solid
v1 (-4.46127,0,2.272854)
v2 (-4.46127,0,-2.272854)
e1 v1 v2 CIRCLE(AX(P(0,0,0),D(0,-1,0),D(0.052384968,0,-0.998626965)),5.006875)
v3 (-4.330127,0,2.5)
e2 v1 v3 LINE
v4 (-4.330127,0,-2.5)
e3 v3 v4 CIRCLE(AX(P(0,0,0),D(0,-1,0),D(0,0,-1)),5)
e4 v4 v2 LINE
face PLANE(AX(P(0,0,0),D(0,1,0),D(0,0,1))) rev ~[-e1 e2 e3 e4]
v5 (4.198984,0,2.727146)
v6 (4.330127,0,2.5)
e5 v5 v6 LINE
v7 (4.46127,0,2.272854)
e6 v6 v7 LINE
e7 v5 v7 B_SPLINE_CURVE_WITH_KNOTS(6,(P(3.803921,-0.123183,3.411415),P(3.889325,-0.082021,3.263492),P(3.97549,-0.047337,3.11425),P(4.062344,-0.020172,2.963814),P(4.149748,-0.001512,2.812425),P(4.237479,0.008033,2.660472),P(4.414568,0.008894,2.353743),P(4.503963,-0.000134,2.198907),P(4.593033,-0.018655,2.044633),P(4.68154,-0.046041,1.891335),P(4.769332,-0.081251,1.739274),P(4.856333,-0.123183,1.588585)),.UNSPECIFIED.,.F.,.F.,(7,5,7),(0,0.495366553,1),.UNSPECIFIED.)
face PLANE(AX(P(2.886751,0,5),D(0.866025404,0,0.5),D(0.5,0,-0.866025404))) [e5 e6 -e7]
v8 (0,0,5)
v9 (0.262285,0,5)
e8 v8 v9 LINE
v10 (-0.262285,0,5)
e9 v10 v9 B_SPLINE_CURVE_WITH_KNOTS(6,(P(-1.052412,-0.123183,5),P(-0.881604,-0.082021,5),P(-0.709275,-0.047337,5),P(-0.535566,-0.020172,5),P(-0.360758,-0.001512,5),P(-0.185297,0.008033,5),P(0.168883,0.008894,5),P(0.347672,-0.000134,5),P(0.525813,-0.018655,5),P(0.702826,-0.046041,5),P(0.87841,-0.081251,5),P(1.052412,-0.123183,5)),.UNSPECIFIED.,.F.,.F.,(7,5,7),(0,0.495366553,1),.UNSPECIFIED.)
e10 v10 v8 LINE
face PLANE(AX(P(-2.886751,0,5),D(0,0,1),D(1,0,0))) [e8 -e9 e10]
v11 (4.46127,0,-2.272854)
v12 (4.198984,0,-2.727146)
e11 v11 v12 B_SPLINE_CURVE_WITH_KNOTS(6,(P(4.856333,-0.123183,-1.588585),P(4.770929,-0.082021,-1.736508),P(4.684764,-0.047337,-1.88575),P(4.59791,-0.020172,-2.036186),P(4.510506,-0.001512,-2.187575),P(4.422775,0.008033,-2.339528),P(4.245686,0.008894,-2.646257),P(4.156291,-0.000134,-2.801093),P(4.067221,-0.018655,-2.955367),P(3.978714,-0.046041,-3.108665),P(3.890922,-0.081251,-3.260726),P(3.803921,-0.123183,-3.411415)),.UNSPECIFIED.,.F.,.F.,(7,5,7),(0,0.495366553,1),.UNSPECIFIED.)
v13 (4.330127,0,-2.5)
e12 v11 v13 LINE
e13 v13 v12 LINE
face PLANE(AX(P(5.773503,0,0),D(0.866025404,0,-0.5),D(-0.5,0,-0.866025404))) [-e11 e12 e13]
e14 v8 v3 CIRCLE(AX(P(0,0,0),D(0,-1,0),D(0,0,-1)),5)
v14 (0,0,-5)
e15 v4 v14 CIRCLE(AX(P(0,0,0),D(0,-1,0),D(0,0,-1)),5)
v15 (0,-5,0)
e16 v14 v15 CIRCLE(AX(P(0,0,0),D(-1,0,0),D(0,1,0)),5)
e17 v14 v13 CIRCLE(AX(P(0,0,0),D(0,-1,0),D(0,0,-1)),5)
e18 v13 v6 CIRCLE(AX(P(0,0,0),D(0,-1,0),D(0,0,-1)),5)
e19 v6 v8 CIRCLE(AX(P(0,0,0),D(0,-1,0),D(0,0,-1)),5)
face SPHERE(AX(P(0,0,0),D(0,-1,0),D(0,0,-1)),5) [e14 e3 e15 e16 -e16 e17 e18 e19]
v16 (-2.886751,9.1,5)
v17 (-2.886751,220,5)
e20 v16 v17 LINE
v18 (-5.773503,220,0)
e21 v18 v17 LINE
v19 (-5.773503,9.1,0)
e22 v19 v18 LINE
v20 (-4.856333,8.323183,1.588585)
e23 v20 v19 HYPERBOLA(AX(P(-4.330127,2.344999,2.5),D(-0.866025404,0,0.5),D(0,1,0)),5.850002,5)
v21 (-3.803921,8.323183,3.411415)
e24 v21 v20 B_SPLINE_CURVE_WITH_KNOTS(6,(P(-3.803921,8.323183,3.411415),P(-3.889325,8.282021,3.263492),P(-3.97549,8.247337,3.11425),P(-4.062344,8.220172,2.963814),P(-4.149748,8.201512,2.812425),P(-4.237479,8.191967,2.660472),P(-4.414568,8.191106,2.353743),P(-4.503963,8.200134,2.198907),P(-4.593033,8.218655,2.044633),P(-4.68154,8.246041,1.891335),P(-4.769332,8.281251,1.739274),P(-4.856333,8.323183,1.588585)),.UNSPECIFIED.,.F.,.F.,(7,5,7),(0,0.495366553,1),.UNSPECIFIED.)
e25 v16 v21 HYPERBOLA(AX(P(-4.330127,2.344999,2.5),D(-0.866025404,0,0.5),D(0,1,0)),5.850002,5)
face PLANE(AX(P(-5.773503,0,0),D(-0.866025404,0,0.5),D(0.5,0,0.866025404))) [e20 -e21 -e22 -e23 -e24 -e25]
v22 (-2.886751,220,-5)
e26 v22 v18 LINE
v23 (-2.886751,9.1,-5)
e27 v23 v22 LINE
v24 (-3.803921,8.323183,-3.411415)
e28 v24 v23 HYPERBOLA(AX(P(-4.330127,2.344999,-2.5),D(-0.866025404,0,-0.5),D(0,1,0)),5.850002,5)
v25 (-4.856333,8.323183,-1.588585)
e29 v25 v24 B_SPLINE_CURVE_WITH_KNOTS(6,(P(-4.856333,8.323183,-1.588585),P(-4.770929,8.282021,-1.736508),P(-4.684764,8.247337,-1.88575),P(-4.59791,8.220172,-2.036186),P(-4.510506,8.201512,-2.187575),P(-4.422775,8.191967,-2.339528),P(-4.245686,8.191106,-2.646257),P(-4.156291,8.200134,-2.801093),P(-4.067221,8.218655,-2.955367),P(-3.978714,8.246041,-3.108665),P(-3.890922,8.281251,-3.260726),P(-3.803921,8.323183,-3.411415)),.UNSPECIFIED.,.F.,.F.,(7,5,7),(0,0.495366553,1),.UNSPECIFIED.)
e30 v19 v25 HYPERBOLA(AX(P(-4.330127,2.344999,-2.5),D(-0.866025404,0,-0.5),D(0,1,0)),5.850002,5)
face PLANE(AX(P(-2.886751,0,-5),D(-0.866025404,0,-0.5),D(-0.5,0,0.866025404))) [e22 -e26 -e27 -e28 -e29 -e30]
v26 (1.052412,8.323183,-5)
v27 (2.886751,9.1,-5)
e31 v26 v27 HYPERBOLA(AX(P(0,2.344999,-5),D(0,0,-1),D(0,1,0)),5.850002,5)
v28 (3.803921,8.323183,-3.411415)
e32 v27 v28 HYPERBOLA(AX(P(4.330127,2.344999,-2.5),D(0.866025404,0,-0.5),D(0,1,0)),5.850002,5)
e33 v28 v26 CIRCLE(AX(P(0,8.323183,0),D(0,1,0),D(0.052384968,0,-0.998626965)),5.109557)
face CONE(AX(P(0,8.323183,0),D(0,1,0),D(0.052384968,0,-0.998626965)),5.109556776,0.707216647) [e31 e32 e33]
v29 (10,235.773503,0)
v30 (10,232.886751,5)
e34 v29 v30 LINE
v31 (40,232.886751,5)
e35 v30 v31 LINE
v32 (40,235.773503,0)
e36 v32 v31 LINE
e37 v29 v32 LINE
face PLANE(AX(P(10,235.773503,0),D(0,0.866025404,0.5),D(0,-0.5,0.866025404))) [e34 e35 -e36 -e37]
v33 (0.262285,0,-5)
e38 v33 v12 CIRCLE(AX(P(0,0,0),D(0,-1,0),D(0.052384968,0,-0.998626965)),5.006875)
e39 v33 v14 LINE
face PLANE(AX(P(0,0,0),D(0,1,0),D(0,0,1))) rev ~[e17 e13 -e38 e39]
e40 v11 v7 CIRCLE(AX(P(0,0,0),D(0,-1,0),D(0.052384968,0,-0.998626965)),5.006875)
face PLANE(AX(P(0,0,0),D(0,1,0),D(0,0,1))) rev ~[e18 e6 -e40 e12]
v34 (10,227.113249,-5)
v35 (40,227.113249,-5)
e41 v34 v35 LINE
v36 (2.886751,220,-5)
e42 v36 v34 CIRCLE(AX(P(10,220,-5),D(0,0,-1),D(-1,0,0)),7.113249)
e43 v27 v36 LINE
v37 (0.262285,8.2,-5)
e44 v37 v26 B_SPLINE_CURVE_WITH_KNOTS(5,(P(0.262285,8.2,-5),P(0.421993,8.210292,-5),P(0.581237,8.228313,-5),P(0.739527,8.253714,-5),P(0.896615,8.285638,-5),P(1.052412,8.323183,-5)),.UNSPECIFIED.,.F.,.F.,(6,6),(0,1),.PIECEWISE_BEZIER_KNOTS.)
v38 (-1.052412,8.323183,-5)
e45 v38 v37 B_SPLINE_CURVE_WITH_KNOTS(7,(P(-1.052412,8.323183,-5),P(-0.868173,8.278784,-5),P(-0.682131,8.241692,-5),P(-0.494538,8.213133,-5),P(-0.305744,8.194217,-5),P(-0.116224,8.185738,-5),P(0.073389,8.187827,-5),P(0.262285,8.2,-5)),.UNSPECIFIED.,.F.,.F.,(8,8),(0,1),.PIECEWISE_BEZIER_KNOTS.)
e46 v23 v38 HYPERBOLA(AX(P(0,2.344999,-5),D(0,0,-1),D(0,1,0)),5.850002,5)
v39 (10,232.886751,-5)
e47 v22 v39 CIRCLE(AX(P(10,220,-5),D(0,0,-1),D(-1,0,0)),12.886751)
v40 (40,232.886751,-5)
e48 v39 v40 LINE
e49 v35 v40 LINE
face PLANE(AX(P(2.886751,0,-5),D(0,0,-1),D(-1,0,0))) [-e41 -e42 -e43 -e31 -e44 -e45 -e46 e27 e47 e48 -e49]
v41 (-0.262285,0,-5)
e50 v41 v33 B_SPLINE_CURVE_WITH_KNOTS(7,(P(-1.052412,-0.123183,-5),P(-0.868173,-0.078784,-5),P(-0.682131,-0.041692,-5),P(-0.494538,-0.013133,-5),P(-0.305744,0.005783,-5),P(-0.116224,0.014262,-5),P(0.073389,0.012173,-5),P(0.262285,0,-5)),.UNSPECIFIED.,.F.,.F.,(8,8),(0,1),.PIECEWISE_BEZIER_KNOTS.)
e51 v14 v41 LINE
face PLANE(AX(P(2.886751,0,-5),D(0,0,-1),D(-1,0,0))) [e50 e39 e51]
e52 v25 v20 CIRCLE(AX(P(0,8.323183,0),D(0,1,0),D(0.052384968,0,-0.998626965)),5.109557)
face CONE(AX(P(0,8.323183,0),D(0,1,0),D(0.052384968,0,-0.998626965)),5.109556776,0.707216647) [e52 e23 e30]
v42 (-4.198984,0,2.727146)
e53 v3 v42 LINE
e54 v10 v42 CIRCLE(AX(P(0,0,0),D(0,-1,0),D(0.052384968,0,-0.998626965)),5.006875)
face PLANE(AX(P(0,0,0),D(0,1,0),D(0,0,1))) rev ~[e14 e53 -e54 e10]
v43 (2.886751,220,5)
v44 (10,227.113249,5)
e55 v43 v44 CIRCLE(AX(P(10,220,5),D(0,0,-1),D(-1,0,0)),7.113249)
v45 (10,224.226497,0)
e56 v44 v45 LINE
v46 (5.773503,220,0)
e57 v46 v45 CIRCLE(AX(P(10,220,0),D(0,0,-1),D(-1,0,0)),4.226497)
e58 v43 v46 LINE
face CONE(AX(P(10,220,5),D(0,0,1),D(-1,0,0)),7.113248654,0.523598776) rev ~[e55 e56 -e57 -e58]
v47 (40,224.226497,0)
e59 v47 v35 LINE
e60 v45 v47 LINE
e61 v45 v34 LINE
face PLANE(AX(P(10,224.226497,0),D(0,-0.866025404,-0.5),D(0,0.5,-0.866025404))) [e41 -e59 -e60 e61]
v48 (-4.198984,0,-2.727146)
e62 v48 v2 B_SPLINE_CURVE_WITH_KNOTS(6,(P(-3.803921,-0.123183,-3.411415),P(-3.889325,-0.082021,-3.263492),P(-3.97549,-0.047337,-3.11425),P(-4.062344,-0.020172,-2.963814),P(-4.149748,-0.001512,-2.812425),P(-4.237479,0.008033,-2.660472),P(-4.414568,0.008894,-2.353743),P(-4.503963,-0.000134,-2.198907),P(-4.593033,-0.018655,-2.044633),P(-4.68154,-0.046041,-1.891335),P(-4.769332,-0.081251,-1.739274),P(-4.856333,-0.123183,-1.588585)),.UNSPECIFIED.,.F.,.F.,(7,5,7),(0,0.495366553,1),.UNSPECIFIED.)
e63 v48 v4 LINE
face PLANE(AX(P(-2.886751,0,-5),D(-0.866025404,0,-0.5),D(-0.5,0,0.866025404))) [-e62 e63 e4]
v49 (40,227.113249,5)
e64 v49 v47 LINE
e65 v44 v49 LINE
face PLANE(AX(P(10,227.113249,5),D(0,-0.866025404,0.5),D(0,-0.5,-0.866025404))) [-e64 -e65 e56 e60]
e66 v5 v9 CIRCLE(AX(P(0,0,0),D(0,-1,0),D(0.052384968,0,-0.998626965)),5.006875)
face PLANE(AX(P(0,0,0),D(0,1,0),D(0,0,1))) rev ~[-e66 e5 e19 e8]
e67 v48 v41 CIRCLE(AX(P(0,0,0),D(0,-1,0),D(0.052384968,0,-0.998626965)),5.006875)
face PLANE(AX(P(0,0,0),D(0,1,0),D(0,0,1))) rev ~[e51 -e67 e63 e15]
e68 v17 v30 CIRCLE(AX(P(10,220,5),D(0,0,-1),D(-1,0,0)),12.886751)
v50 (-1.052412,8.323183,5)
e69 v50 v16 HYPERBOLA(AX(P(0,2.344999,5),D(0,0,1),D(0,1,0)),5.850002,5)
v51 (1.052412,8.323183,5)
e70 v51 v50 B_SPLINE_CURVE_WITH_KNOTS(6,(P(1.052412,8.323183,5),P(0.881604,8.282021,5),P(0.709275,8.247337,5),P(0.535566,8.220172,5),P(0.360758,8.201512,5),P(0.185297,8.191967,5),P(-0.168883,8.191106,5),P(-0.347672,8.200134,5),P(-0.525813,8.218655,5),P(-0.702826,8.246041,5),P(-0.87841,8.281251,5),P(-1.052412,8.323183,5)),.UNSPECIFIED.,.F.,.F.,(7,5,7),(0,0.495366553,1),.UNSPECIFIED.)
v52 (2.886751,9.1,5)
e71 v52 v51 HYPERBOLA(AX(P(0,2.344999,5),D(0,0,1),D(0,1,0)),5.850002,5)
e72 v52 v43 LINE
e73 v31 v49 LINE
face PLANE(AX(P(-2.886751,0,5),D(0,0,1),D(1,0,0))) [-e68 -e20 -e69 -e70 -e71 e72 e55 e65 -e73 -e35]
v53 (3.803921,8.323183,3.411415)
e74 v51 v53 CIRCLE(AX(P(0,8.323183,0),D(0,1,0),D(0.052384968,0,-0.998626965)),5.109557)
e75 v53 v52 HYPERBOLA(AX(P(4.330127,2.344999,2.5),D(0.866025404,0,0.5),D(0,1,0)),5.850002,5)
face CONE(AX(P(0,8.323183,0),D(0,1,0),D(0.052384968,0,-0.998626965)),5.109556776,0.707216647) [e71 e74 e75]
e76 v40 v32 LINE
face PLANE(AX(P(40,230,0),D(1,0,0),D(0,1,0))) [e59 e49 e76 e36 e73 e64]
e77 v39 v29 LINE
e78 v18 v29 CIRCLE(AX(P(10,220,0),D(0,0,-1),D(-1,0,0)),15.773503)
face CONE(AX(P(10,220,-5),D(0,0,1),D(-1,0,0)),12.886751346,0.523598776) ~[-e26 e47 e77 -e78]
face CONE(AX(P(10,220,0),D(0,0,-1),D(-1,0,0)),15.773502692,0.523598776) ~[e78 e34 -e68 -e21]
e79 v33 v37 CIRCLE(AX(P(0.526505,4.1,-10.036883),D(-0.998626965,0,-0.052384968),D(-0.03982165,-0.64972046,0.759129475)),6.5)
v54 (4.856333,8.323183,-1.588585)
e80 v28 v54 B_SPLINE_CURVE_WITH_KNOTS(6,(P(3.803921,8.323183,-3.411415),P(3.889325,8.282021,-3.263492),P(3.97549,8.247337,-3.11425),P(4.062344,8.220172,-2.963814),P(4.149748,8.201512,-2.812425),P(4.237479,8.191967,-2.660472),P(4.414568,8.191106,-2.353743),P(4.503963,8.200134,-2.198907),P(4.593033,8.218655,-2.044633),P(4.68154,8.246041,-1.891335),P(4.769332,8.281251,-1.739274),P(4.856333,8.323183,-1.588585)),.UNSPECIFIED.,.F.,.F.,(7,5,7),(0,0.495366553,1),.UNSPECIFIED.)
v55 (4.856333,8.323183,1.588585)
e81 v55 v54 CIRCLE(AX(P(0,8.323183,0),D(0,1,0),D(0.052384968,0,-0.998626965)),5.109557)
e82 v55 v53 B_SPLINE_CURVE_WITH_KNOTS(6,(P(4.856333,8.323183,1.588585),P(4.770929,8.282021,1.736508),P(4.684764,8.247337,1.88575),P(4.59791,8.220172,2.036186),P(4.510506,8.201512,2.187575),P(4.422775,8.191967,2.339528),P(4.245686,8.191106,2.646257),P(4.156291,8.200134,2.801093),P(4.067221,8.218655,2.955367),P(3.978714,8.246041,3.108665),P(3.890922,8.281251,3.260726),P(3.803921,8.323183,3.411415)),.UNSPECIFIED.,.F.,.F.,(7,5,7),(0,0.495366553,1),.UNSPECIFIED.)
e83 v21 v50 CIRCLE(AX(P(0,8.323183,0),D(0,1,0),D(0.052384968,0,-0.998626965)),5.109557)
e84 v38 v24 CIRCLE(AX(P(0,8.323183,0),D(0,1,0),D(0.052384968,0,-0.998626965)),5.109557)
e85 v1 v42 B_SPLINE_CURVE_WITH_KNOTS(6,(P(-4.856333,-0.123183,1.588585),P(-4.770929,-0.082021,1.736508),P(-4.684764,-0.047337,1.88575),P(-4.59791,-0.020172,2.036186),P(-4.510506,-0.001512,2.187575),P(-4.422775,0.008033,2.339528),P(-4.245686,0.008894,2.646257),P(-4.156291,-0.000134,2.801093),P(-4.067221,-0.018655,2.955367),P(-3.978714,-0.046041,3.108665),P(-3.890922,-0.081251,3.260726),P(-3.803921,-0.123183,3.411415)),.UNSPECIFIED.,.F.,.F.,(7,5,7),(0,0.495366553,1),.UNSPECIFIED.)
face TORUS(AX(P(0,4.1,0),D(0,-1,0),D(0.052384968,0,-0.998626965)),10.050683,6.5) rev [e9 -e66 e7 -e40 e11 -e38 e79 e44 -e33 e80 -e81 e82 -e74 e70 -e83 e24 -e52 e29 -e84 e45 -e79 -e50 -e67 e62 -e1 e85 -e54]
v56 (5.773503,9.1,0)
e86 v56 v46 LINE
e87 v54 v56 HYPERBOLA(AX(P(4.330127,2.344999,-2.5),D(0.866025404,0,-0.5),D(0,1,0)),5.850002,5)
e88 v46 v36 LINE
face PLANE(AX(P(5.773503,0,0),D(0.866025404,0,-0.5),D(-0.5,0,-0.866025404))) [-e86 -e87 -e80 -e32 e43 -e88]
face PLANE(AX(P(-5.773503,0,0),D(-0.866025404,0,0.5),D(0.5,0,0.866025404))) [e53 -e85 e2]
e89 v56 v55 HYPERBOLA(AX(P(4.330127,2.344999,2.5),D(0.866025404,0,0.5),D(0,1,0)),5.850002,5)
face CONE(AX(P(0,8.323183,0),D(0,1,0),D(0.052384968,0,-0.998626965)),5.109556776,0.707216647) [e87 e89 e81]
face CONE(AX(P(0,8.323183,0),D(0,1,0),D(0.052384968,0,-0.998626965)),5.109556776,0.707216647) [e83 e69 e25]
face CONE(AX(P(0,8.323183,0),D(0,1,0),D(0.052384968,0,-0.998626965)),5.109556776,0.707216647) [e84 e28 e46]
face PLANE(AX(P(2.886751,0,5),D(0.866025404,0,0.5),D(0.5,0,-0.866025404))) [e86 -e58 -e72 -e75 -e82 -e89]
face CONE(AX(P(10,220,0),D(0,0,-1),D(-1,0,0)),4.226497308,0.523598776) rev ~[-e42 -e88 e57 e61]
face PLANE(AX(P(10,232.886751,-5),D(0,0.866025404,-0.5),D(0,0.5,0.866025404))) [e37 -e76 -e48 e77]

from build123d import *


with BuildPart() as part:
    # Austragung4: sweep along a path in Skizze1
    with BuildLine(Plane.XY) as austragung4_path:
        Line((0, 0), (0, 220))
        ThreePointArc((0, 220), (2.928932188, 227.071067812), (10, 230))
        Line((10, 230), (40, 230))
    # Skizze3 → Austragung4 (sweep)
    with BuildSketch(Plane(origin=(0, 0, 0), x_dir=(1, 0, 0), z_dir=(0, 1, 0))):
        Polygon((-2.886751346, 5), (-5.773502692, 0), (-2.886751346, -5), (2.886751346, -5), (5.773502692, 0), (2.886751346, 5), align=None)
    sweep(path=austragung4_path.line)

    # Skizze6 → Rotation5 (revolve)
    with BuildSketch(Plane(origin=(0, 0, 0), x_dir=(0, 0, -1), z_dir=(1, 0, 0))):
        with BuildLine():
            Line((0, -5), (0, 5))
            ThreePointArc((0, 5), (5, 0), (0, -5))
        make_face()
    revolve(axis=Axis((0, 7.810357944, 0), (0, -1, 0)))

    # Skizze8 → Schnitt-Rotation1 (revolve, cut)
    with BuildSketch(Plane.XY, mode=Mode.PRIVATE) as schnitt_rotation1_sk:
        with BuildLine():
            Line((-5.773502692, -0.9), (-5.109556776, -0.12318299))
            ThreePointArc((-5.109556776, -0.12318299), (-3.550682703, 4.1), (-5.109556776, 8.32318299))
            Line((-5.109556776, 8.32318299), (-5.773502692, 9.1))
            Line((-5.773502692, 9.1), (-5.773502692, -0.9))
        make_face()
    revolve(schnitt_rotation1_sk.sketch.rotate(Axis((0, 0, 0), (0, 1, 0)), 266.99718795), axis=Axis((0, 0, 0), (0, 1, 0)), mode=Mode.SUBTRACT)


solid = part.part
